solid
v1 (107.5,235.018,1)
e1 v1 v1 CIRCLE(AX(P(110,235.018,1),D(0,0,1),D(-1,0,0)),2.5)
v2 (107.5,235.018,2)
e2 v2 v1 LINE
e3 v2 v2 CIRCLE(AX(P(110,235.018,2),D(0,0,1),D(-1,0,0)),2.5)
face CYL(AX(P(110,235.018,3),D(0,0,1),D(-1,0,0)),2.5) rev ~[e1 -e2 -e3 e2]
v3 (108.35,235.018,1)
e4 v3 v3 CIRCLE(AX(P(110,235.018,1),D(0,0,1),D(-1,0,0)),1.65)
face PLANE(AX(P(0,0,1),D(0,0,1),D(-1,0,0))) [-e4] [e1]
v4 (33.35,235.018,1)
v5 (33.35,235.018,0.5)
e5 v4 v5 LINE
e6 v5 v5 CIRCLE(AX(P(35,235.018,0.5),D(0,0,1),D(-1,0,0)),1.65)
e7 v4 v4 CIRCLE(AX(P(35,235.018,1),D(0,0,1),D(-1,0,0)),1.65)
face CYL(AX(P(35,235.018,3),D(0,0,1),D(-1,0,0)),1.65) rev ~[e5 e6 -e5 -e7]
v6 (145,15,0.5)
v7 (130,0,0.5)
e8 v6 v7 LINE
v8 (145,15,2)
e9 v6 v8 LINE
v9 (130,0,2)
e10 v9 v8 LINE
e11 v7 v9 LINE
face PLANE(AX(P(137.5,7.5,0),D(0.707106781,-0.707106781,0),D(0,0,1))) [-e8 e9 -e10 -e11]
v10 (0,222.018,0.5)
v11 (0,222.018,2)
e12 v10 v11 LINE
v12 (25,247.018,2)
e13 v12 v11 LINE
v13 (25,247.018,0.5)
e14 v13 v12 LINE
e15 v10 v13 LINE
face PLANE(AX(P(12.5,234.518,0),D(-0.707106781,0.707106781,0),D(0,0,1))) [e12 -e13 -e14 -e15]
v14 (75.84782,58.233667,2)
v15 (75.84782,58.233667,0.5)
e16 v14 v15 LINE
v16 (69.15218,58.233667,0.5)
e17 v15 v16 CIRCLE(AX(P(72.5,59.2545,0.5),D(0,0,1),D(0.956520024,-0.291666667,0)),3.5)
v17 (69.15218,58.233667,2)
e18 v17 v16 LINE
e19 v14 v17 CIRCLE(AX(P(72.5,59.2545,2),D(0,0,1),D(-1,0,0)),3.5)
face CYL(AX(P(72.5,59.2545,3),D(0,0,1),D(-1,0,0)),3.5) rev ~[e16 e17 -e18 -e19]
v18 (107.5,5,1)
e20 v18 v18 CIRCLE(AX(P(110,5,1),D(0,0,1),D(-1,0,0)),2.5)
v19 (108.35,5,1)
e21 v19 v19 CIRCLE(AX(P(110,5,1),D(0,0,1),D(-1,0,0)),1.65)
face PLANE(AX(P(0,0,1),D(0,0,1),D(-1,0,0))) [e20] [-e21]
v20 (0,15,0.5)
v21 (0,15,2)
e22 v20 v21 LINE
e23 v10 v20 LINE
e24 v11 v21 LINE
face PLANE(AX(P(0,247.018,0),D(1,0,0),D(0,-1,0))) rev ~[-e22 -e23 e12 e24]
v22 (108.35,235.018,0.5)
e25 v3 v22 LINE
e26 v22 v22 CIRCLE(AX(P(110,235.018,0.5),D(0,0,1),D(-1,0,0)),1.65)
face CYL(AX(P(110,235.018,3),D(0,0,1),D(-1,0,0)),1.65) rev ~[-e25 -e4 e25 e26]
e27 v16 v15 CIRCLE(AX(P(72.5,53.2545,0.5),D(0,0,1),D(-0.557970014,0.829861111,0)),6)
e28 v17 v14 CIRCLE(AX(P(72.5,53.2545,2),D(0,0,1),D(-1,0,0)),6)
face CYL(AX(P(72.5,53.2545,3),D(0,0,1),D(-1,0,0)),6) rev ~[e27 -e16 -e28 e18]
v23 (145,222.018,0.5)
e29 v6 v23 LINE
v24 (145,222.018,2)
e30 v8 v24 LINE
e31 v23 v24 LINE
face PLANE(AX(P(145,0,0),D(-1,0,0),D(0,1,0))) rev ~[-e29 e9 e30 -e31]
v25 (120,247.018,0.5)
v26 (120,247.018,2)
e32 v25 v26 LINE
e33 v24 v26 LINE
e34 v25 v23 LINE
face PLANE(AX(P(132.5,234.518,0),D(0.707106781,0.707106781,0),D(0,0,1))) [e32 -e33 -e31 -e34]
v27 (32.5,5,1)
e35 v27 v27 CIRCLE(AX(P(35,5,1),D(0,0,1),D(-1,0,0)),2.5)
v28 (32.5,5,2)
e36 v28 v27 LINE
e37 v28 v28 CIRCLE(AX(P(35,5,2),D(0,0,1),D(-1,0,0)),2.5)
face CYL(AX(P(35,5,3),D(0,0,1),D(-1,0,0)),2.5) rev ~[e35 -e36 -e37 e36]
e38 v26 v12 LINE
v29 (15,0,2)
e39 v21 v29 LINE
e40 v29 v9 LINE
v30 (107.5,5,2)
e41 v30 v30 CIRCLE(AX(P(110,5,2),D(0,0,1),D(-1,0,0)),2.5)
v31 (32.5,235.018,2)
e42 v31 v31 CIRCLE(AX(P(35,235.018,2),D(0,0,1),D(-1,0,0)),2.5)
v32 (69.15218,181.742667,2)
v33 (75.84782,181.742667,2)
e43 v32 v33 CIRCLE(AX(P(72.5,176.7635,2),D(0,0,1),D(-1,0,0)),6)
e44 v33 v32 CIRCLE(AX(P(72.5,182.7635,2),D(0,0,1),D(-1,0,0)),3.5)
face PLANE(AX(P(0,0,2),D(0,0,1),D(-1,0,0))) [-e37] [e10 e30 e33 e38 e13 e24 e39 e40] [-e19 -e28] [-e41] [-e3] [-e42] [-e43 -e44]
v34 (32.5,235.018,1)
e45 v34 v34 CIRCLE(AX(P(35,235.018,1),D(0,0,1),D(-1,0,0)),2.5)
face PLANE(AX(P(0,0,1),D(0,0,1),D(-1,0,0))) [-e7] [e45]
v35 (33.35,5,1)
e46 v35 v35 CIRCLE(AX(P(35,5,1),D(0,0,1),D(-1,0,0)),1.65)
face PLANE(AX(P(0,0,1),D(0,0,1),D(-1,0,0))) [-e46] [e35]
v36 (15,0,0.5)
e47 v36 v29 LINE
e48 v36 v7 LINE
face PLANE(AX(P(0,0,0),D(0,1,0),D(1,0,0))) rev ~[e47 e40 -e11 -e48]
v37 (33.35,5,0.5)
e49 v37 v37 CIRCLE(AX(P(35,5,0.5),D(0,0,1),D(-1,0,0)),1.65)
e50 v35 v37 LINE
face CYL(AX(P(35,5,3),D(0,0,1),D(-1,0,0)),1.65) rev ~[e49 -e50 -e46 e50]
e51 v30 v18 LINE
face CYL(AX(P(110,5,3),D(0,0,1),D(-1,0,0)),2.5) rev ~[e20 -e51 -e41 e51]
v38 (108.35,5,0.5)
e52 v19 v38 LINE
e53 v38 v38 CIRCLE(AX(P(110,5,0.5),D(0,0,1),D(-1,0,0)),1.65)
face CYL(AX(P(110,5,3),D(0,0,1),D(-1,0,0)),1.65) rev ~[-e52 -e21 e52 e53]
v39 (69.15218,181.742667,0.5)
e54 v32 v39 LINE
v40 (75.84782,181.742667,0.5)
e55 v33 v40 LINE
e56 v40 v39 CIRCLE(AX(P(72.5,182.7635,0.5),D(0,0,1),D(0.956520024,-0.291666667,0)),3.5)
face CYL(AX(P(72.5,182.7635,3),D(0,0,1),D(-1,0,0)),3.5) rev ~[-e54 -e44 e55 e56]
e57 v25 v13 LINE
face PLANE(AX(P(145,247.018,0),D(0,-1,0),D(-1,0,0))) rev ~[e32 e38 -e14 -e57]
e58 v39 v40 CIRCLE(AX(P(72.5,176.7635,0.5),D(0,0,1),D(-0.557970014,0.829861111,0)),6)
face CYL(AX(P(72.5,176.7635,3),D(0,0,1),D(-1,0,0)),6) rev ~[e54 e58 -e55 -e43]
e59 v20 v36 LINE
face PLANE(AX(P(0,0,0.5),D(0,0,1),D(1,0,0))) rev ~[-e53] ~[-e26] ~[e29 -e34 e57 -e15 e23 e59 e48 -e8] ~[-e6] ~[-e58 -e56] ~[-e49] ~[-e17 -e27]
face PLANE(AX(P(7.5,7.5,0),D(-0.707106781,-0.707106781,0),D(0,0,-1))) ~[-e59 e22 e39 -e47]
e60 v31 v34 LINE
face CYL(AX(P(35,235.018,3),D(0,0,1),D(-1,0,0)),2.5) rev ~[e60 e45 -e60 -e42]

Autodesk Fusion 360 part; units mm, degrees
sketch "Sketch1" plane through (0, 0, 0) normal (0, 0, 1) x (1, 0, 0)
  line L0 (0, 0) -> (145, 0)
  line L1 (145, 0) -> (145, 247.018)
  line L2 (145, 247.018) -> (0, 247.018)
  line L3 (0, 247.018) -> (0, 0)
  dimension "d1" = 247.018
  dimension "d2" = 145
extrude "Extrude1" add sketch "Sketch1" along normal blind 3
chamfer "Chamfer1" distance 15 angle 45 2 edges at (0, 0, 1.5) (145, 0, 1.5)
chamfer "Chamfer2" distance 25 angle 45 2 edges at (0, 247.018, 1.5) (145, 247.018, 1.5)
sketch "Sketch3" plane through (0, 0, 3) normal (0, 0, 1) x (-1, 0, 0)
  line L0 (-145, -222.018) -> (-120, -247.018)
  line L1 (-120, -247.018) -> (-25, -247.018)
  line L2 (-25, -247.018) -> (0, -222.018)
  line L3 (0, -222.018) -> (0, -15)
  line L4 (0, -15) -> (-15, 0)
  line L5 (-15, 0) -> (-130, 0)
  line L6 (-130, 0) -> (-145, -15)
  line L7 (-145, -15) -> (-145, -222.018)
  circle A0 centre (-35, -235.018) radius 2.5
  circle A1 centre (-110, -235.018) radius 2.5
  circle A2 centre (-110, -5) radius 2.5
  circle A3 centre (-35, -5) radius 2.5
  circle A4 centre (-35, -5) radius 1.65
  circle A5 centre (-110, -5) radius 1.65
  circle A6 centre (-110, -235.018) radius 1.65
  circle A7 centre (-35, -235.018) radius 1.65
  dimension "d27" = 35
  dimension "d28" = 35
  dimension "d29" = 12
  dimension "d30" = 5
  dimension "d31" = 5
  dimension "d32" = 5
  dimension "d33" = 5
  dimension "d34" = 5
  dimension "d35" = 3.3
  dimension "d36" = 3.3
  dimension "d37" = 3.3
  dimension "d38" = 3.3
extrude "Extrude5" cut sketch "Sketch3" against normal blind 2 contours A0 | A1 | A2 | A3
extrude "Extrude4" cut sketch "Sketch3" against normal blind 3 contours A4 | A5 | A6 | A7
sketch "Sketch4" plane through (0, 0, 3) normal (0, 0, 1) x (-1, 0, 0)
  circle A0 centre (-110, -5) radius 2.5
  circle A1 centre (-110, -235.018) radius 2.5
  circle A2 centre (-35, -5) radius 2.5
  circle A3 centre (-35, -235.018) radius 2.5
  line L0 (-145, -222.018) -> (-120, -247.018)
  line L1 (-120, -247.018) -> (-25, -247.018)
  line L2 (-25, -247.018) -> (0, -222.018)
  line L3 (0, -222.018) -> (0, -15)
  line L4 (0, -15) -> (-15, 0)
  line L5 (-15, 0) -> (-130, 0)
  line L6 (-130, 0) -> (-145, -15)
  line L7 (-145, -15) -> (-145, -222.018)
  line L8 (-72.5, -247.018) -> (-72.5, 0)
  line L9 (0, -118.509) -> (-145, -118.509)
  line L10 (-72.5, -118.509) -> (-72.5, -247.018)
  line L11 (-72.5, -182.7635) -> (0, -182.7635)
  line L12 (-72.5, -118.509) -> (-72.5, 0)
  line L13 (-72.5, -59.2545) -> (0, -59.2545)
  circle A4 centre (-72.5, -182.7635) radius 3.5
  circle A5 centre (-72.5, -59.2545) radius 3.5
  circle A6 centre (-72.5, -53.2545) radius 6
  circle A7 centre (-72.5, -176.7635) radius 6
  dimension "d43" = 7
  dimension "d44" = 7
  dimension "d45" = 12
  dimension "d46" = 12
extrude "Extrude6" cut sketch "Sketch4" against normal blind 3 contours L8 L12 A5 A6 | L8 L12 L13 A5 | L8 L12 A5 A6 | L13 A5 A6 | L8 L12 A5 A6 | L8 L12 A5 A6 | L8 L12 A5 A6
extrude "Extrude7" cut sketch "Sketch4" against normal blind 3 contours L8 L10 A4 A7 | L8 L10 L11 A4 | L8 L10 A4 A7 | L8 L10 A4 A7 | L8 L10 A4 A7 | L11 A4 A7 | L8 L10 A4 A7
extrude "Extrude10" cut sketch "Sketch3" against normal blind 1 contours L0 L1 L2 L3 L4 L5 L6 L7
extrude "Extrude11" cut 1 faces at (122.568, 136.9318, 0) along direction (0, 0, 1) blind 0.5
